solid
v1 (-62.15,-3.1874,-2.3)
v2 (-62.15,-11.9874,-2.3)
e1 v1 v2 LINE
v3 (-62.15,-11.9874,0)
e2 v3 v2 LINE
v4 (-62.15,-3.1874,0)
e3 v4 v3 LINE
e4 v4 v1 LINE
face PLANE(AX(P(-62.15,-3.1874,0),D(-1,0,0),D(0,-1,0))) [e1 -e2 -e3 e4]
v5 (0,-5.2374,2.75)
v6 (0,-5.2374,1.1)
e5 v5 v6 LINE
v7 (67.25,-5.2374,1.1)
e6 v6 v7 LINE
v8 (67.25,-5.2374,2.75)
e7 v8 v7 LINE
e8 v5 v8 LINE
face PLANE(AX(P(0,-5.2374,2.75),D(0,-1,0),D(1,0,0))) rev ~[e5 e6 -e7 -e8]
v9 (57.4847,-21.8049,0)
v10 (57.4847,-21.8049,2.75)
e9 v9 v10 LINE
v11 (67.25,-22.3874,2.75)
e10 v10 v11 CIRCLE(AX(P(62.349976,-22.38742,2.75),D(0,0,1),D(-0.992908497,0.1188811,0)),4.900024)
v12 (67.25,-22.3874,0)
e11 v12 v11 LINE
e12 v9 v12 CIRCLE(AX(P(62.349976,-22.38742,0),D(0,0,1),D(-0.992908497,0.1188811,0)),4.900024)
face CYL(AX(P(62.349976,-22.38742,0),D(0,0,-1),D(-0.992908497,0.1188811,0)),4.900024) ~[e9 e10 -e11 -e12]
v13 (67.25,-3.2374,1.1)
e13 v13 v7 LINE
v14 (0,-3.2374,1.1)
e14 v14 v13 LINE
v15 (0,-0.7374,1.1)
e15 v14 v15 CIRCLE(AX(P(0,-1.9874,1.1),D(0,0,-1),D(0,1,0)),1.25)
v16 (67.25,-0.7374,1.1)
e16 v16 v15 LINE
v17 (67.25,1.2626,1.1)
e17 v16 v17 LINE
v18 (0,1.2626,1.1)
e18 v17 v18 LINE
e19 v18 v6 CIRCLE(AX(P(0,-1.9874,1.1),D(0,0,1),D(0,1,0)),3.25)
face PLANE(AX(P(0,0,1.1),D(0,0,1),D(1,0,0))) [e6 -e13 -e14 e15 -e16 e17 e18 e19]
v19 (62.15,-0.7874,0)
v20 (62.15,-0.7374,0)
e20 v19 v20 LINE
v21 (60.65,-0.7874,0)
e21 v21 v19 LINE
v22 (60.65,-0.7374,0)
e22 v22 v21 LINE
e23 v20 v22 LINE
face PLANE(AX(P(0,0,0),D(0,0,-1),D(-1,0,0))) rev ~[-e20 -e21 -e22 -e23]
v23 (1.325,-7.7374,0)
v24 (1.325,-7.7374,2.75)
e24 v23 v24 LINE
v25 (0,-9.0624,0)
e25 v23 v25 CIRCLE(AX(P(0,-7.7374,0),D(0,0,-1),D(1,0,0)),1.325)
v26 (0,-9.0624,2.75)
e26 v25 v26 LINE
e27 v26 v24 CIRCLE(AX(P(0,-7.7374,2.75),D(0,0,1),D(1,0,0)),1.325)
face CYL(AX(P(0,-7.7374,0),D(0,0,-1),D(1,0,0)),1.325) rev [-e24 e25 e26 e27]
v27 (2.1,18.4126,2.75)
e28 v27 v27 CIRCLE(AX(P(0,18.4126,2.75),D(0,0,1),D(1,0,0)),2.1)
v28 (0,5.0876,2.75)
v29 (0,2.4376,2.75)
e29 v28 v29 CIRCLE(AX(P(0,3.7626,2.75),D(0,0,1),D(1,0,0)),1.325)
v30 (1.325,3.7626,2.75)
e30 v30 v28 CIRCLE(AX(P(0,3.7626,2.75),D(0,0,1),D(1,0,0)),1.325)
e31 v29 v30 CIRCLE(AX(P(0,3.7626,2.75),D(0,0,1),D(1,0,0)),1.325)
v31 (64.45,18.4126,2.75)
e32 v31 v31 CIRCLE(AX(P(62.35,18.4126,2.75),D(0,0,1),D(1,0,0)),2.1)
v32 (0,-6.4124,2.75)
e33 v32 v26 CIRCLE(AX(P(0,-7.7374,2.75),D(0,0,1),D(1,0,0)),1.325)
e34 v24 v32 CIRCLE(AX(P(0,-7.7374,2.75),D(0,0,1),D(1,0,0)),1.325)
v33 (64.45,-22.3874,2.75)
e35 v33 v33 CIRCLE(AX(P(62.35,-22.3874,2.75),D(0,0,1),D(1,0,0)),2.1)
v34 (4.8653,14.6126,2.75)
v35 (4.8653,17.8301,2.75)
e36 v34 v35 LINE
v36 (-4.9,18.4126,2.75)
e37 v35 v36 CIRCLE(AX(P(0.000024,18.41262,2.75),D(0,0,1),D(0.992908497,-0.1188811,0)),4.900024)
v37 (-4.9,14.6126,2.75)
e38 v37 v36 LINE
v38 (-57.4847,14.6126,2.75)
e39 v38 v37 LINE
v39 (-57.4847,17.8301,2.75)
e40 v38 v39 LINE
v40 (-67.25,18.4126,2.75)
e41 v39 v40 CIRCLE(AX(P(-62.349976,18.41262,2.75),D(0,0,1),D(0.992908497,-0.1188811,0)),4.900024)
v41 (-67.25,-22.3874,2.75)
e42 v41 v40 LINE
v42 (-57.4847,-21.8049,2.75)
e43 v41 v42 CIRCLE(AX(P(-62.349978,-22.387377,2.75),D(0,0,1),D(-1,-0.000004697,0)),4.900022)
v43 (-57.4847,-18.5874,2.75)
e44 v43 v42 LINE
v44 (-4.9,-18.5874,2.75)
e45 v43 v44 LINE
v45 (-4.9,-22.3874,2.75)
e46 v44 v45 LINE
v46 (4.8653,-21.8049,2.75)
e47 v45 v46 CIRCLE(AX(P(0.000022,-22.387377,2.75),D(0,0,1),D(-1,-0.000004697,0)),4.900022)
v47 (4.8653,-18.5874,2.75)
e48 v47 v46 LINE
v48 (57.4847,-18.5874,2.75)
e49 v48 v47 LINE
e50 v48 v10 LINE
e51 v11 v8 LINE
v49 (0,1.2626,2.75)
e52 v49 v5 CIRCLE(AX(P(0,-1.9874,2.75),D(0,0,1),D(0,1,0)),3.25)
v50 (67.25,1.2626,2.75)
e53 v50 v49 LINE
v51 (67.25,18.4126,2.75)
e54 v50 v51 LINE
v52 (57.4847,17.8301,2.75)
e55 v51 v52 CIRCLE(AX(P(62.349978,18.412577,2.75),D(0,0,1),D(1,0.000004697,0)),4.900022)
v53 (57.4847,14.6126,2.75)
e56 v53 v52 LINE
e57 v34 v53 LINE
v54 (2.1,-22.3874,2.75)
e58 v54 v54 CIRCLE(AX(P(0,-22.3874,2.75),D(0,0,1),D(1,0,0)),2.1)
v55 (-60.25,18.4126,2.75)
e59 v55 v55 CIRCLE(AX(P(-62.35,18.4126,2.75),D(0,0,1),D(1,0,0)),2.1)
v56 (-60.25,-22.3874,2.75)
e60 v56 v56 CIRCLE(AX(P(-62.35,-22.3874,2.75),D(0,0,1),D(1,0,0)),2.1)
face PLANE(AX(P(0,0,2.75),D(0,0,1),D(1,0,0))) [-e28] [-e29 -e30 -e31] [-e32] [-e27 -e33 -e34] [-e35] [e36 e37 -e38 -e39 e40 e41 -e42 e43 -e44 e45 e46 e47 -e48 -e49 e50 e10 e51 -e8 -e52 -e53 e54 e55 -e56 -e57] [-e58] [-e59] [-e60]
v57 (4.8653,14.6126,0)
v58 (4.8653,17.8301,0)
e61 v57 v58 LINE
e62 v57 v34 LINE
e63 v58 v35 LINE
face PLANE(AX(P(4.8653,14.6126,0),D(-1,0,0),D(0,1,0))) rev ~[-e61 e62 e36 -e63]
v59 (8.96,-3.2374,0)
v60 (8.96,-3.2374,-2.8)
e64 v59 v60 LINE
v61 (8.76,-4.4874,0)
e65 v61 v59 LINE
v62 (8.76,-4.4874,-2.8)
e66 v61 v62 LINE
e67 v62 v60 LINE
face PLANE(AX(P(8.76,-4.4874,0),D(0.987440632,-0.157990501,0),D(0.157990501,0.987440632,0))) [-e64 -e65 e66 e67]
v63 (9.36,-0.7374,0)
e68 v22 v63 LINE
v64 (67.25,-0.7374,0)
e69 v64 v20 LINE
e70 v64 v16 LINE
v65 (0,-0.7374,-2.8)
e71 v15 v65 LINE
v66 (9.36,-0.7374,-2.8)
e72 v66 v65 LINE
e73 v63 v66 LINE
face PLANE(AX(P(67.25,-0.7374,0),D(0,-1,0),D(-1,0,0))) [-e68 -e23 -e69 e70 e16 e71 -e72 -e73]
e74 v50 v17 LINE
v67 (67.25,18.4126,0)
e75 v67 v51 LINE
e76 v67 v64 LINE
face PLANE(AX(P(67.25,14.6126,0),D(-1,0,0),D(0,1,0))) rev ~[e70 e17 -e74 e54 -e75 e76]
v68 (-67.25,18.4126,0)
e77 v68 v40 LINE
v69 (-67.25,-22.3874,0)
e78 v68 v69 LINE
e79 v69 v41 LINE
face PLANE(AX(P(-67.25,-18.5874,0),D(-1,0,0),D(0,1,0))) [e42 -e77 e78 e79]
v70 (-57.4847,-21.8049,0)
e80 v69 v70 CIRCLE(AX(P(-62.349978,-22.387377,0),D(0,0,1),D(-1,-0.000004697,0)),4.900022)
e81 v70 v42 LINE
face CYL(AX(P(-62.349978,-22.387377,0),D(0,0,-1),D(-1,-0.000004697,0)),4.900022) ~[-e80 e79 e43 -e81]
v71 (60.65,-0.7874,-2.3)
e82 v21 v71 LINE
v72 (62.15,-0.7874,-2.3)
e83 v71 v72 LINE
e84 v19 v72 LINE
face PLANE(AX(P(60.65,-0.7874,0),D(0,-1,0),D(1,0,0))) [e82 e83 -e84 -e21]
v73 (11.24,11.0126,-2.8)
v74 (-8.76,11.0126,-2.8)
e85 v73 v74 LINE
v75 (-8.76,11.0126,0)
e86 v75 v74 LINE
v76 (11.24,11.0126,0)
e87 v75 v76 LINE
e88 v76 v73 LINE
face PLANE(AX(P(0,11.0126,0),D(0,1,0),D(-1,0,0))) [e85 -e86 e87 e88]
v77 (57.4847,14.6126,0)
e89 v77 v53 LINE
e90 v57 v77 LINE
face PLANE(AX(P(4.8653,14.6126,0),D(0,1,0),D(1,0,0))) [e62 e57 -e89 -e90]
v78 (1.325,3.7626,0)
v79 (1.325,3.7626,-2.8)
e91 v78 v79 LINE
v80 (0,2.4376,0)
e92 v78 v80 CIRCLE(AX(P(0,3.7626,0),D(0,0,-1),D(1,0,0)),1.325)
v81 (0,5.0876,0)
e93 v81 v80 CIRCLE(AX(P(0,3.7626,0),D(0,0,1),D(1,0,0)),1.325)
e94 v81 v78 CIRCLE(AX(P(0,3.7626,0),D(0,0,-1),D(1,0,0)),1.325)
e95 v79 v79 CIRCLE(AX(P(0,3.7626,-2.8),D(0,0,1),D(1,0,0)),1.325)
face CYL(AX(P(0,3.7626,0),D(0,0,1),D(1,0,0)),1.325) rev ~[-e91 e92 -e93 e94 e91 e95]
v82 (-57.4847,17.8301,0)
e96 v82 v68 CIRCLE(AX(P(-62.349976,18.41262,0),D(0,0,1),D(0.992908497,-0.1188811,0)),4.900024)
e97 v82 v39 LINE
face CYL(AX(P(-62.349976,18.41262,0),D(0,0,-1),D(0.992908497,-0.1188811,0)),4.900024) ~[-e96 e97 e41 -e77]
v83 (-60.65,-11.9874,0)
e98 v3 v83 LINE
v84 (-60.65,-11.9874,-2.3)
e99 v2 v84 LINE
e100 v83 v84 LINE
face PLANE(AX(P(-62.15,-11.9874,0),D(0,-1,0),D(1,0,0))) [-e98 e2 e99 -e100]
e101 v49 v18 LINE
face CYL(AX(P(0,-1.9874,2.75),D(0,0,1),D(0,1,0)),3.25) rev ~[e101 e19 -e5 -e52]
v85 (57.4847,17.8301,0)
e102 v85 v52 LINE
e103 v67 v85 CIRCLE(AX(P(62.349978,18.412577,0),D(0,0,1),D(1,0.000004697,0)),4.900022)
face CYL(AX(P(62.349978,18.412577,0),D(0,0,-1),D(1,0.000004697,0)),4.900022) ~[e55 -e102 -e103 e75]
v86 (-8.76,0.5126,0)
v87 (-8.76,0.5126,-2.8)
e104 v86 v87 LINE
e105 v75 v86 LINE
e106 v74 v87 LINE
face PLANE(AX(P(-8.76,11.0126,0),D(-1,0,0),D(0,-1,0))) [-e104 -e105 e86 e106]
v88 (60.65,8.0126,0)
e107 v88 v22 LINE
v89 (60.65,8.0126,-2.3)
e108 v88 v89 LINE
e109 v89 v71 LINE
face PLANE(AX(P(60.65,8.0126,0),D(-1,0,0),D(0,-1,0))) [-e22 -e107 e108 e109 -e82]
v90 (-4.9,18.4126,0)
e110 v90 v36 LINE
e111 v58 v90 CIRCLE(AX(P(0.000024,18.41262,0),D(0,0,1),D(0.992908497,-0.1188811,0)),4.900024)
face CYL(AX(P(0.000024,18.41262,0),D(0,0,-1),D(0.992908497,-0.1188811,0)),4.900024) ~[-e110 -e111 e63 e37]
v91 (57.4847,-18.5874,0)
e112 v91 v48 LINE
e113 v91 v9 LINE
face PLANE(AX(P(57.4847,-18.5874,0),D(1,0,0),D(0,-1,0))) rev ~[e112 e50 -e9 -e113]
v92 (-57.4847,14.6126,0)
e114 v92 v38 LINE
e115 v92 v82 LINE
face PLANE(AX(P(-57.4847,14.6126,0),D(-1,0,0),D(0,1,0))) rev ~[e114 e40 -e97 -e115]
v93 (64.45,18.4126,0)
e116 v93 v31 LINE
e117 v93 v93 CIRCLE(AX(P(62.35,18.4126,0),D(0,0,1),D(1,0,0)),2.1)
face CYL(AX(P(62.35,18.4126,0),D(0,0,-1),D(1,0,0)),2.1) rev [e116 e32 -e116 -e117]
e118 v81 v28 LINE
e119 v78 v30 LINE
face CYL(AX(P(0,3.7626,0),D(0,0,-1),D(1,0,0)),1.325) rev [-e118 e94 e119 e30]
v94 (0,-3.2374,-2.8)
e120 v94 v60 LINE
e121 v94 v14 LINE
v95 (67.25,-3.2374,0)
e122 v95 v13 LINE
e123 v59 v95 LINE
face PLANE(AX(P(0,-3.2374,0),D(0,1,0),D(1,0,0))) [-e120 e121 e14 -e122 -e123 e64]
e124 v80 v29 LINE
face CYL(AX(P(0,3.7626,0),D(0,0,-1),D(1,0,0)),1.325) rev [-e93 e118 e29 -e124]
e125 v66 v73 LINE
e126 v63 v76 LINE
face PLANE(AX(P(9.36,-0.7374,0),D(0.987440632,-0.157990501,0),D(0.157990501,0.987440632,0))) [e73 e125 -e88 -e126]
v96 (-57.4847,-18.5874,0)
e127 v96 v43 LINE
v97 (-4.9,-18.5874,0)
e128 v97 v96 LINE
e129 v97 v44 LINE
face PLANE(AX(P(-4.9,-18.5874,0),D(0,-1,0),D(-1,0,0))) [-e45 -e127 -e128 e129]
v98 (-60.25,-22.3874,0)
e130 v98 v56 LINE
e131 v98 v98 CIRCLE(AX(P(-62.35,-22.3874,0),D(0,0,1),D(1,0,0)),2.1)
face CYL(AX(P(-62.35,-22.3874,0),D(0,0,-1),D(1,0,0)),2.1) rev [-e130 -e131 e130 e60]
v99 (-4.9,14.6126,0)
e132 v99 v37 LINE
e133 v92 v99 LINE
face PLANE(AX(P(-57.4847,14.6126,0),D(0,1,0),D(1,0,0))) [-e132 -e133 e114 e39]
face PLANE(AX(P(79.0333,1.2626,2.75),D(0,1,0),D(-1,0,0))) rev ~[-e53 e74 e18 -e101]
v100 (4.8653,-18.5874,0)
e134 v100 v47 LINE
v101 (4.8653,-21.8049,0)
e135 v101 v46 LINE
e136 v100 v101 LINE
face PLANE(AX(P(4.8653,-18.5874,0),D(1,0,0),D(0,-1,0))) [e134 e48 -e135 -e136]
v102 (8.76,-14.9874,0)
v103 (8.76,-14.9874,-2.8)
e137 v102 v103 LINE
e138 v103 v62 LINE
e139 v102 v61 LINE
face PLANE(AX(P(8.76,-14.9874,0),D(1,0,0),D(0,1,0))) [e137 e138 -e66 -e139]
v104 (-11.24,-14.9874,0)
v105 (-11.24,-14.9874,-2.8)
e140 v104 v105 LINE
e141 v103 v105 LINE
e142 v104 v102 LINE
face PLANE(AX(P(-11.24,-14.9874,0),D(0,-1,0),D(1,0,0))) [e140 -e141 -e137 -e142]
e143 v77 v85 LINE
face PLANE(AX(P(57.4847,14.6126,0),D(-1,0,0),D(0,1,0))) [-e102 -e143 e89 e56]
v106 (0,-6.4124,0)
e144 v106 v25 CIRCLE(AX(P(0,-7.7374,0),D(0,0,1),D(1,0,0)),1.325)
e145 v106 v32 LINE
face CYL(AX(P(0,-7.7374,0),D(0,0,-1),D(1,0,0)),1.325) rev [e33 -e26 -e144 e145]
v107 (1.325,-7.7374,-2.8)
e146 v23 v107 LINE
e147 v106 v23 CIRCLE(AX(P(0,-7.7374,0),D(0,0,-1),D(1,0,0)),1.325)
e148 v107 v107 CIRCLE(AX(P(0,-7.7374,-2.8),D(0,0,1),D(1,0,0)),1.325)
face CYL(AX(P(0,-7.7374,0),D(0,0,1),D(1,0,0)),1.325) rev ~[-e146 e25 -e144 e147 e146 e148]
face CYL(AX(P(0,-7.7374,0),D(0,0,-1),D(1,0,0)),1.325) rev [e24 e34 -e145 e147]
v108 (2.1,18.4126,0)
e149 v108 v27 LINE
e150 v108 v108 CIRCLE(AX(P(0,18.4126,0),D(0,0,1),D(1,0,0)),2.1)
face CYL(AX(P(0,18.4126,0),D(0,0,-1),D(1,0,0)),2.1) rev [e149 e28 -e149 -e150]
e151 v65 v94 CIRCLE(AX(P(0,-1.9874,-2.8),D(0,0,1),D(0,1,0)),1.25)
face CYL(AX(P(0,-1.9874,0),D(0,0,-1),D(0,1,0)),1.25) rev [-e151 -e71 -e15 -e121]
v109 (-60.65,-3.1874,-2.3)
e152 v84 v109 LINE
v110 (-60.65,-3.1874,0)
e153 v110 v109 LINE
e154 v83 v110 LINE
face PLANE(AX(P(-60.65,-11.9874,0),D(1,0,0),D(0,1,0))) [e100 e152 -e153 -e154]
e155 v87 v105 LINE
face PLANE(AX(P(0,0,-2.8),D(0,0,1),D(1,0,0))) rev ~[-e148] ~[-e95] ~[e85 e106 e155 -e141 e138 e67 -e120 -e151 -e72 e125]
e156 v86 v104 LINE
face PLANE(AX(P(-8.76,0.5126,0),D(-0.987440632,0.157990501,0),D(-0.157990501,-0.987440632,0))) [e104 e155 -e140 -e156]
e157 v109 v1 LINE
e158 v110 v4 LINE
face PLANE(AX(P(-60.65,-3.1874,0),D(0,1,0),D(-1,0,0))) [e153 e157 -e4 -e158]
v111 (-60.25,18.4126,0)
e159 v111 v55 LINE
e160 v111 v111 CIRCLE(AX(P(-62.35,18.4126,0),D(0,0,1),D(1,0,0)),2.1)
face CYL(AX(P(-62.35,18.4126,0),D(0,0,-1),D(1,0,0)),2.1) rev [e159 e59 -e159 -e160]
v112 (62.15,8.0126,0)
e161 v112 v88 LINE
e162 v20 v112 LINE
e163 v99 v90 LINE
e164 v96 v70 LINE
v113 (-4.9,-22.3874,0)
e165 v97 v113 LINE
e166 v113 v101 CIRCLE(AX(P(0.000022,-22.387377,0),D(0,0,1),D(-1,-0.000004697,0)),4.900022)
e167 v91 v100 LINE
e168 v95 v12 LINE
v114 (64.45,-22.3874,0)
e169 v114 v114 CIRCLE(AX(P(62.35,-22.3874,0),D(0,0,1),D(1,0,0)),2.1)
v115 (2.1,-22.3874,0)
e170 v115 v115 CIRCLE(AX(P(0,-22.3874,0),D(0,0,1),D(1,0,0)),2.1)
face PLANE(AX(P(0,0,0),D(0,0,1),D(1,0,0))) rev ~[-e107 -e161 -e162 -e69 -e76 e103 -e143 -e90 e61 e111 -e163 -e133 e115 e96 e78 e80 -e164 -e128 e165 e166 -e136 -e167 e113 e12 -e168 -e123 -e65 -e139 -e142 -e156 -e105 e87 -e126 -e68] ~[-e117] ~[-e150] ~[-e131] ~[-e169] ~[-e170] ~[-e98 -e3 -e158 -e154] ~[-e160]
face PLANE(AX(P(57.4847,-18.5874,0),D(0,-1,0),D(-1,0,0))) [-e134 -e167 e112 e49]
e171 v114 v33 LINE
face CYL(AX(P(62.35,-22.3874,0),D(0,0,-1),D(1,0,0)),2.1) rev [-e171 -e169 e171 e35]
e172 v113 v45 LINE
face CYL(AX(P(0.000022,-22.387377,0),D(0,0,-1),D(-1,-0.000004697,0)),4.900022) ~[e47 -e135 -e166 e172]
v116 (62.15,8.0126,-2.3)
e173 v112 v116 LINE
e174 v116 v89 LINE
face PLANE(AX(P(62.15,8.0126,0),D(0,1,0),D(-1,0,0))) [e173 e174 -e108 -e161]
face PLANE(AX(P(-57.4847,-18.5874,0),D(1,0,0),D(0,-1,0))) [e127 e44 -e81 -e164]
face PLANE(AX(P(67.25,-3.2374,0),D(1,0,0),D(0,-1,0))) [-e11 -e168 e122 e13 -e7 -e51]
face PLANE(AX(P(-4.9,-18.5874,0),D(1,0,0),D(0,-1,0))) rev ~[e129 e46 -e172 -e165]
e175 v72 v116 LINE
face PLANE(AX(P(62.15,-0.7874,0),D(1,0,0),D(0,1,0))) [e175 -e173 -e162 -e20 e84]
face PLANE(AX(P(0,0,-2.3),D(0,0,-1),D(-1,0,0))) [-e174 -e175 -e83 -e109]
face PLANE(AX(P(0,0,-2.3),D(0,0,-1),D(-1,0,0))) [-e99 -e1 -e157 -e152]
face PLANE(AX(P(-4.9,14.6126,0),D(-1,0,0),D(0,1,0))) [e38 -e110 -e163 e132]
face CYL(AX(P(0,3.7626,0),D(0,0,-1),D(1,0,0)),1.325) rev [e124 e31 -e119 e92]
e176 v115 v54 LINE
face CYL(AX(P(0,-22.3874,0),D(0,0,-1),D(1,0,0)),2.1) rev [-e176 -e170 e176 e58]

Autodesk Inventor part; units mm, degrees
ref_plane "YZ Plane" through (0, 0, 0) normal (1, 0, 0) x (0, 1, 0)
ref_plane "XZ Plane" through (0, 0, 0) normal (0, 1, 0) x (-1, 0, 0)
ref_plane "XY Plane" through (0, 0, 0) normal (0, 0, 1) x (1, 0, 0)
sketch "Sketch1" plane through (0, 0, 0) normal (0, 0, 1) x (1, 0, 0)
  line L0 (-8.76, 11.0126) -> (-8.76, 0.5126)
  line L1 (-8.76, 0.5126) -> (-11.24, -14.9874)
  line L2 (-11.24, -14.9874) -> (8.76, -14.9874)
  line L3 (8.76, -14.9874) -> (8.76, -4.4874)
  line L4 (11.24, 11.0126) -> (-8.76, 11.0126)
  line L5 (0, 12.916) -> (0, -18.5653)
  line L6 (-8.76, 0.5126) -> (13.6474, 0.5126) construction
  line L7 (8.76, -4.4874) -> (-2.6872, -4.4874) construction
  line L8 (-5.8361, -1.9874) -> (18.6079, -1.9874) construction
  circle A0 centre (0, -7.7374) radius 1.325
  circle A1 centre (0, 3.7626) radius 1.325
  line L9 (22.7948, -1.9874) -> (0, -1.9874) construction
  line L10 (9.36, -0.7374) -> (0, -0.7374)
  line L11 (0, -3.2374) -> (8.96, -3.2374)
  arc A2 (0, -0.7374) -> (0, -3.2374) centre (0, -1.9874) ccw
  line L12 (8.76, -4.4874) -> (8.96, -3.2374)
  line L13 (9.36, -0.7374) -> (11.24, 11.0126)
  point P0 (0, 0)
  point P1 (-8.76, -4.4874)
  point P2 (11.3974, -1.9874)
  dimension "d0" = 2.48
  dimension "d1" = 15.5
  dimension "d2" = 15.5
  dimension "d3" = 2.48
  dimension "d4" = 10.5
  dimension "d5" = 10.5
  dimension "d6" = 20
  dimension "d7" = 20
  dimension "d8" = 2.65
  dimension "d9" = 7.25
  dimension "d12" = 2.5
  dimension "d26" = 11.75
  dimension "d27" = 14.25
extrude "Extrusion1" add sketch "Sketch1" against normal blind 2.8 contours L4 L5 A1 A2 A0 L2 L1 L0 | L4 L13 L10 L5 A1 | L5 A0 L11 L12 L3 L2
sketch "Sketch2" plane through (0, 0, 0) normal (0, 0, 1) x (1, 0, 0)
  line L0 (-67.25, -18.5874) -> (-67.25, 14.6126)
  line L1 (0, 12.916) -> (0, -18.5653) construction
  line L2 (-5.8361, -1.9874) -> (18.6079, -1.9874) construction
  line L3 (-67.25, 14.6126) -> (-67.25, 18.4126)
  line L4 (-57.4847, 14.6126) -> (-57.4847, 17.8301)
  arc A0 (-57.4847, 17.8301) -> (-67.25, 18.4126) centre (-62.35, 18.4126) ccw
  line L5 (0, 12.916) -> (0, -18.5653)
  circle A1 centre (-62.35, 18.4126) radius 2.1
  arc A2 (0, -0.7374) -> (0, -3.2374) centre (0, -1.9874) ccw projected
  line L6 (-1.25, -1.9874) -> (17.7749, -1.9874) construction
  line L7 (0, -3.2374) -> (67.25, -3.2374)
  line L8 (67.25, -0.7374) -> (0, -0.7374)
  arc A3 (0, -0.7374) -> (0, -3.2374) centre (0, -1.9874) ccw
  line L9 (67.25, 14.6126) -> (67.25, -0.7374)
  line L10 (67.25, -3.2374) -> (67.25, -18.5874)
  line L11 (-4.9, -18.5874) -> (-24.8081, -18.5874)
  circle A4 centre (0, 3.7626) radius 1.325 projected
  circle A5 centre (0, -7.7374) radius 1.325 projected
  line L12 (67.25, 14.6126) -> (67.25, 18.4126)
  line L13 (57.4847, 14.6126) -> (57.4847, 17.8301)
  arc A6 (67.25, 18.4126) -> (57.4847, 17.8301) centre (62.35, 18.4126) ccw
  circle A7 centre (62.35, 18.4126) radius 2.1
  line L14 (-67.25, -18.5874) -> (-67.25, -22.3874)
  line L15 (-57.4847, -18.5874) -> (-57.4847, -21.8049)
  arc A8 (-67.25, -22.3874) -> (-57.4847, -21.8049) centre (-62.35, -22.3874) ccw
  circle A9 centre (-62.35, -22.3874) radius 2.1
  line L16 (57.4847, -18.5874) -> (57.4847, -21.8049)
  circle A10 centre (62.35, -22.3874) radius 2.1
  line L17 (67.25, -18.5874) -> (67.25, -22.3874)
  arc A11 (57.4847, -21.8049) -> (67.25, -22.3874) centre (62.35, -22.3874) ccw
  line L18 (-4.9, 14.6126) -> (-4.9, 18.4126)
  line L19 (4.8653, 14.6126) -> (4.8653, 17.8301)
  arc A12 (4.8653, 17.8301) -> (-4.9, 18.4126) centre (0, 18.4126) ccw
  circle A13 centre (0, 18.4126) radius 2.1
  line L20 (-57.4847, 14.6126) -> (-4.9, 14.6126)
  line L21 (4.8653, 14.6126) -> (57.4847, 14.6126)
  line L22 (-4.9, -18.5874) -> (-4.9, -22.3874)
  line L23 (4.8653, -18.5874) -> (4.8653, -21.8049)
  arc A14 (-4.9, -22.3874) -> (4.8653, -21.8049) centre (0, -22.3874) ccw
  circle A15 centre (0, -22.3874) radius 2.1
  line L24 (57.4847, -18.5874) -> (4.8653, -18.5874)
  line L25 (-4.9, -18.5874) -> (-57.4847, -18.5874)
  point P0 (0, 0)
  point P1 (8.2624, -1.9874)
  point P2 (67.25, 14.6126)
  point P3 (39.75, 14.6126)
  point P4 (67.25, -18.5874)
  dimension "d15" = 4.9
  dimension "d16" = 4.2
  dimension "d25" = 134.5
  dimension "d38" = 4.9
  dimension "d39" = 4.2
extrude "Extrusion2" add sketch "Sketch2" along normal blind 2.75 contours L0 L3 A0 L4 L20 L18 A12 L19 L21 L13 A6 L12 L9 L8 A2 L7 L10 L17 A11 L16 L24 L23 A14 L22 L11 L25 L15 A8 L14
sketch "Sketch3" plane through (0, 0, 2.75) normal (0, 0, 1) x (1, 0, 0)
  arc A0 (0, -0.7374) -> (0, -3.2374) centre (0, -1.9874) ccw projected
  line L0 (0, -1.9874) -> (79.0333, -1.9874) construction
  line L1 (0, -5.2374) -> (79.0333, -5.2374)
  line L2 (79.0333, 1.2626) -> (0, 1.2626)
  arc A1 (0, 1.2626) -> (0, -5.2374) centre (0, -1.9874) ccw
  arc A2 (79.0333, -5.2374) -> (79.0333, 1.2626) centre (79.0333, -1.9874) ccw
  point P0 (0, 0)
  point P1 (39.5166, -1.9874)
  dimension "d20" = 3.25
extrude "Extrusion3" cut sketch "Sketch3" against normal blind 1.65
sketch "Sketch4" plane through (0, 0, 0) normal (0, 0, -1) x (-1, 0, 0)
  line L0 (-62.15, 8.0126) -> (-60.65, 8.0126)
  line L1 (-60.65, 8.0126) -> (-60.65, -0.7874)
  line L2 (-60.65, -0.7874) -> (-62.15, -0.7874)
  line L3 (-62.15, -0.7874) -> (-62.15, 8.0126)
  line L4 (-67.25, -0.7374) -> (-67.25, 18.4126) projected
  line L5 (-57.4847, 14.6126) -> (57.4847, 14.6126) projected
  line L6 (60.65, -3.1874) -> (62.15, -3.1874)
  line L7 (62.15, -3.1874) -> (62.15, -11.9874)
  line L8 (62.15, -11.9874) -> (60.65, -11.9874)
  line L9 (60.65, -11.9874) -> (60.65, -3.1874)
  line L10 (67.25, 18.4126) -> (67.25, -22.3874) projected
  line L11 (57.4847, -18.5874) -> (-57.4847, -18.5874) projected
  point P0 (0, 0)
  point P1 (-67.25, 8.8376)
  dimension "d28" = 5.1
  dimension "d29" = 6.6
  dimension "d30" = 8.8
  dimension "d31" = 1.5
  dimension "d32" = 5.1
  dimension "d34" = 8.8
  dimension "d35" = 1.5
extrude "Extrusion4" add sketch "Sketch4" along normal blind 2.3
properties part number "Gripper_BackPlate_Long"
